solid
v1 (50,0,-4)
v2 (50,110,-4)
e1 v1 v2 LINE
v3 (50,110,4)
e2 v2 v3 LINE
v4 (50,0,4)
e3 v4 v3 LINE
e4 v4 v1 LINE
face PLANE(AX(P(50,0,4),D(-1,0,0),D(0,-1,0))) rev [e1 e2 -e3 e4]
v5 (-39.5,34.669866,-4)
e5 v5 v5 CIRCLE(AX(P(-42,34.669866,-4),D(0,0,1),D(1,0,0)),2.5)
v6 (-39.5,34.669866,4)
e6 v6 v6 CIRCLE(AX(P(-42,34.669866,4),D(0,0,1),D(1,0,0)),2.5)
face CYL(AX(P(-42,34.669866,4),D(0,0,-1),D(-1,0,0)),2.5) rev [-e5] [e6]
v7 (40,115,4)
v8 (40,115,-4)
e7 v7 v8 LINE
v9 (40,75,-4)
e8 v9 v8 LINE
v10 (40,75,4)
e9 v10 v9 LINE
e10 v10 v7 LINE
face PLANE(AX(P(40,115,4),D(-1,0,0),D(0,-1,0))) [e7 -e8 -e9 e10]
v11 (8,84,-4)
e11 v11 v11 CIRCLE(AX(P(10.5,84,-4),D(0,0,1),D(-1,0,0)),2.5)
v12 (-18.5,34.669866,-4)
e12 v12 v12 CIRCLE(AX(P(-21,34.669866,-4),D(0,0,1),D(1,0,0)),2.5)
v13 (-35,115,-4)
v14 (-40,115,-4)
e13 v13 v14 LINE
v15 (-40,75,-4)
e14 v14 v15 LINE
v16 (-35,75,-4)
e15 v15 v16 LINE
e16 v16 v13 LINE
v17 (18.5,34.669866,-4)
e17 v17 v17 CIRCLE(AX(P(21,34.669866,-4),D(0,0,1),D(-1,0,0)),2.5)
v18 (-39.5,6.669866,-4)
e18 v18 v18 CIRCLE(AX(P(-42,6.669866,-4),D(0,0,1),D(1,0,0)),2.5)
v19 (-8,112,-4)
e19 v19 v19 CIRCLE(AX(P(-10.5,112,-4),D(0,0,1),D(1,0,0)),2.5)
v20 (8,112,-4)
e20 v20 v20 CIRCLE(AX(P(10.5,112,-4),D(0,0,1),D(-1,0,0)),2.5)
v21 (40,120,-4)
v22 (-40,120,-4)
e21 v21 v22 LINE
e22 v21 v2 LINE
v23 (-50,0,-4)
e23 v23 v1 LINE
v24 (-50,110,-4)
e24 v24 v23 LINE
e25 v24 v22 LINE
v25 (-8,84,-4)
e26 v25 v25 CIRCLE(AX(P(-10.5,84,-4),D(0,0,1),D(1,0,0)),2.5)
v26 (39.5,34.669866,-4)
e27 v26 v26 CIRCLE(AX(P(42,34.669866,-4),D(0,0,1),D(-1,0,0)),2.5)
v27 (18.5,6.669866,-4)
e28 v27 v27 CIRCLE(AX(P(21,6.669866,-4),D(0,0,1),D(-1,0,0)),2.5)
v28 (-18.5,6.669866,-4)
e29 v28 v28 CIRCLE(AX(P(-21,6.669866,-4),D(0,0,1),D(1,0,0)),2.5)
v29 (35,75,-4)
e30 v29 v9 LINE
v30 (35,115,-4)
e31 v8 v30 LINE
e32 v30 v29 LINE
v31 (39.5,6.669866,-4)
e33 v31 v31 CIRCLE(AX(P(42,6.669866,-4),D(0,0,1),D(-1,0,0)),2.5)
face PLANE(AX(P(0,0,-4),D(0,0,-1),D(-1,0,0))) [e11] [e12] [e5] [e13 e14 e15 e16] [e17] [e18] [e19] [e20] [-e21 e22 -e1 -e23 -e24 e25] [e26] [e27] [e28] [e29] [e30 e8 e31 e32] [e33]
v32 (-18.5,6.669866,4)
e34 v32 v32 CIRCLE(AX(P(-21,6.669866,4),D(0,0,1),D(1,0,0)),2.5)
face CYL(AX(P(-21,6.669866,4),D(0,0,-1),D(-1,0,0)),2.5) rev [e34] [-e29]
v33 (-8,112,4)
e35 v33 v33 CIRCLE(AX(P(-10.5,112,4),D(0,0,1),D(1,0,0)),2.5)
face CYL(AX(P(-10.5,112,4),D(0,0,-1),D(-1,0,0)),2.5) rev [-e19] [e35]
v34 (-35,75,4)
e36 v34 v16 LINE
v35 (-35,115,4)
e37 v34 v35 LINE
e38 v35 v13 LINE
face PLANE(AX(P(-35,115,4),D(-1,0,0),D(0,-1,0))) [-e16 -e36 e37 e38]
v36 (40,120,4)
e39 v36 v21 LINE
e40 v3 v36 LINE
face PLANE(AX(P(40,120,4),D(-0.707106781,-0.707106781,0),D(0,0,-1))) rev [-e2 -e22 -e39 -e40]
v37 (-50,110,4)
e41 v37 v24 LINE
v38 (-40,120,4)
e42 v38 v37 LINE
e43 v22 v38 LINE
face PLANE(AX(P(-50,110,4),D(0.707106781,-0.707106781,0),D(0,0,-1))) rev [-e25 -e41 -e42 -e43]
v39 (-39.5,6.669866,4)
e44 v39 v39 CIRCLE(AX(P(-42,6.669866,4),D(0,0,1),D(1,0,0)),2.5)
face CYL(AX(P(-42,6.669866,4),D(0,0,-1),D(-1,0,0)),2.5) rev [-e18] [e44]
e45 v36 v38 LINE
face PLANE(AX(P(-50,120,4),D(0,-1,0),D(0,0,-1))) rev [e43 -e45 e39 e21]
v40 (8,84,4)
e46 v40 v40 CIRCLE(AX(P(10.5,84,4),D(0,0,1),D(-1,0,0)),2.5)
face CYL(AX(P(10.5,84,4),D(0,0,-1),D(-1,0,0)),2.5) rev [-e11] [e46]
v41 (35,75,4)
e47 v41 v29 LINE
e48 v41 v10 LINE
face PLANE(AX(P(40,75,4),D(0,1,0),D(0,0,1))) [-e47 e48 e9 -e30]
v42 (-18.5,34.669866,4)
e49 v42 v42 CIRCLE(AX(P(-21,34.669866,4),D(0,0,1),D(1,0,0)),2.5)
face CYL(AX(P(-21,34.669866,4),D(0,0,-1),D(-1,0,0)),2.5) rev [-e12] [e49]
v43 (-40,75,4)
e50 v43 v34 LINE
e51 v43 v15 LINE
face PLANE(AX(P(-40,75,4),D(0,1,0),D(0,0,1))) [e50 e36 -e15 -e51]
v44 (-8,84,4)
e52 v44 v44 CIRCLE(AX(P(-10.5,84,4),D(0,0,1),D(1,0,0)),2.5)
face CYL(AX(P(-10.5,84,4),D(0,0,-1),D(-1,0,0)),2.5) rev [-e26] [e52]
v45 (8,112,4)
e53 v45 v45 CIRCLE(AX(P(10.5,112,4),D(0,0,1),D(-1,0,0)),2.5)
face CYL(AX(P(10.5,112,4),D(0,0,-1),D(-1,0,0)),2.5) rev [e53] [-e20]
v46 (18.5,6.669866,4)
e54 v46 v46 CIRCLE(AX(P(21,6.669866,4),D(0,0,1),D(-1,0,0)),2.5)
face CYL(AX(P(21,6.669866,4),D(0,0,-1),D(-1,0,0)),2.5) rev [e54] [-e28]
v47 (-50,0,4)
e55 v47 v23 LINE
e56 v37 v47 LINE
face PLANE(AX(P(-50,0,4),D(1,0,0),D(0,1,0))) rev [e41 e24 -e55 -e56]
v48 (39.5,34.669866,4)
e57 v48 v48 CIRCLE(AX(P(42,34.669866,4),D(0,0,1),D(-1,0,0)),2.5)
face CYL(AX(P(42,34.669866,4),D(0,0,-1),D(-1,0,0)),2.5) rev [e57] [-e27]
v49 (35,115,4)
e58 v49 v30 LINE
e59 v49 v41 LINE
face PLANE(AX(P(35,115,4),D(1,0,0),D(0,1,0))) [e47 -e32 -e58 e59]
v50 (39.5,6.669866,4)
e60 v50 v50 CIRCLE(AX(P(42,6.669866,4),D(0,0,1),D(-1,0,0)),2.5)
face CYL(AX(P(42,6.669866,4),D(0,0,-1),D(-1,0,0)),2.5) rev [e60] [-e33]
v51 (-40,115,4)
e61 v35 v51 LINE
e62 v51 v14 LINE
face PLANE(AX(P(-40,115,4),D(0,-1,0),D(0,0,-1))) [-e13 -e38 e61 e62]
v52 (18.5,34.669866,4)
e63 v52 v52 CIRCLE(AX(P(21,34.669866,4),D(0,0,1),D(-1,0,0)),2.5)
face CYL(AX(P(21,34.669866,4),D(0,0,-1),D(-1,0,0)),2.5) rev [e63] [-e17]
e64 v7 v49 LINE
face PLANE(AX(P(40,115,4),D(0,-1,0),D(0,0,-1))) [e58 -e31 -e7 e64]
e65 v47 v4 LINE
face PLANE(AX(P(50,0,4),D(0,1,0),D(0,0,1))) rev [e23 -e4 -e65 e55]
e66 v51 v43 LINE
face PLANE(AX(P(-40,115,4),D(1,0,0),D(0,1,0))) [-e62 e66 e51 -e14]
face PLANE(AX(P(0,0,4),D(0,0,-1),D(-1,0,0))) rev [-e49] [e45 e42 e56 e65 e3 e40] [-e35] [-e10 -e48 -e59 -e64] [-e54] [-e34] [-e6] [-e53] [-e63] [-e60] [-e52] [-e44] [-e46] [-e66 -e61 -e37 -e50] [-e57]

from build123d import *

# Parameters (mm, degrees)
SKETCH1_W           = 100
SKETCH1_H           = 120
SKETCH1_R           = 2.5
SKETCH1_W_2         = 5
SKETCH1_H_2         = 40
BOSS_EXTRUDE1_DEPTH = 4
CHAMFER1_SIZE       = 10


with BuildPart() as part:
    # Sketch1 → Boss-Extrude1 (new, symmetric)
    with BuildSketch(Plane.XY):
        with Locations((0, 60)):
            Rectangle(SKETCH1_W, SKETCH1_H)
        with Locations((-42, 6.66986634)):
            Circle(SKETCH1_R, mode=Mode.SUBTRACT)
        with Locations((-42, 34.66986634)):
            Circle(SKETCH1_R, mode=Mode.SUBTRACT)
        with Locations((-10.5, 112)):
            Circle(SKETCH1_R, mode=Mode.SUBTRACT)
        with Locations((-10.5, 84)):
            Circle(SKETCH1_R, mode=Mode.SUBTRACT)
        with Locations((10.5, 84)):
            Circle(SKETCH1_R, mode=Mode.SUBTRACT)
        with Locations((10.5, 112)):
            Circle(SKETCH1_R, mode=Mode.SUBTRACT)
        with Locations((-21, 6.66986634)):
            Circle(SKETCH1_R, mode=Mode.SUBTRACT)
        with Locations((-21, 34.66986634)):
            Circle(SKETCH1_R, mode=Mode.SUBTRACT)
        with Locations((21, 34.66986634)):
            Circle(SKETCH1_R, mode=Mode.SUBTRACT)
        with Locations((21, 6.66986634)):
            Circle(SKETCH1_R, mode=Mode.SUBTRACT)
        with Locations((42, 34.66986634)):
            Circle(SKETCH1_R, mode=Mode.SUBTRACT)
        with Locations((42, 6.66986634)):
            Circle(SKETCH1_R, mode=Mode.SUBTRACT)
        with Locations((37.5, 95)):
            Rectangle(SKETCH1_W_2, SKETCH1_H_2, mode=Mode.SUBTRACT)
        with Locations((-37.5, 95)):
            Rectangle(SKETCH1_W_2, SKETCH1_H_2, mode=Mode.SUBTRACT)
    extrude(amount=BOSS_EXTRUDE1_DEPTH, both=True)

    # Chamfer1
    chamfer1_edges = [part.edges().sort_by_distance(p)[0] for p in [
        (50, 120, 0),
        (-50, 120, 0),
    ]]
    chamfer(chamfer1_edges, length=CHAMFER1_SIZE)


solid = part.part
